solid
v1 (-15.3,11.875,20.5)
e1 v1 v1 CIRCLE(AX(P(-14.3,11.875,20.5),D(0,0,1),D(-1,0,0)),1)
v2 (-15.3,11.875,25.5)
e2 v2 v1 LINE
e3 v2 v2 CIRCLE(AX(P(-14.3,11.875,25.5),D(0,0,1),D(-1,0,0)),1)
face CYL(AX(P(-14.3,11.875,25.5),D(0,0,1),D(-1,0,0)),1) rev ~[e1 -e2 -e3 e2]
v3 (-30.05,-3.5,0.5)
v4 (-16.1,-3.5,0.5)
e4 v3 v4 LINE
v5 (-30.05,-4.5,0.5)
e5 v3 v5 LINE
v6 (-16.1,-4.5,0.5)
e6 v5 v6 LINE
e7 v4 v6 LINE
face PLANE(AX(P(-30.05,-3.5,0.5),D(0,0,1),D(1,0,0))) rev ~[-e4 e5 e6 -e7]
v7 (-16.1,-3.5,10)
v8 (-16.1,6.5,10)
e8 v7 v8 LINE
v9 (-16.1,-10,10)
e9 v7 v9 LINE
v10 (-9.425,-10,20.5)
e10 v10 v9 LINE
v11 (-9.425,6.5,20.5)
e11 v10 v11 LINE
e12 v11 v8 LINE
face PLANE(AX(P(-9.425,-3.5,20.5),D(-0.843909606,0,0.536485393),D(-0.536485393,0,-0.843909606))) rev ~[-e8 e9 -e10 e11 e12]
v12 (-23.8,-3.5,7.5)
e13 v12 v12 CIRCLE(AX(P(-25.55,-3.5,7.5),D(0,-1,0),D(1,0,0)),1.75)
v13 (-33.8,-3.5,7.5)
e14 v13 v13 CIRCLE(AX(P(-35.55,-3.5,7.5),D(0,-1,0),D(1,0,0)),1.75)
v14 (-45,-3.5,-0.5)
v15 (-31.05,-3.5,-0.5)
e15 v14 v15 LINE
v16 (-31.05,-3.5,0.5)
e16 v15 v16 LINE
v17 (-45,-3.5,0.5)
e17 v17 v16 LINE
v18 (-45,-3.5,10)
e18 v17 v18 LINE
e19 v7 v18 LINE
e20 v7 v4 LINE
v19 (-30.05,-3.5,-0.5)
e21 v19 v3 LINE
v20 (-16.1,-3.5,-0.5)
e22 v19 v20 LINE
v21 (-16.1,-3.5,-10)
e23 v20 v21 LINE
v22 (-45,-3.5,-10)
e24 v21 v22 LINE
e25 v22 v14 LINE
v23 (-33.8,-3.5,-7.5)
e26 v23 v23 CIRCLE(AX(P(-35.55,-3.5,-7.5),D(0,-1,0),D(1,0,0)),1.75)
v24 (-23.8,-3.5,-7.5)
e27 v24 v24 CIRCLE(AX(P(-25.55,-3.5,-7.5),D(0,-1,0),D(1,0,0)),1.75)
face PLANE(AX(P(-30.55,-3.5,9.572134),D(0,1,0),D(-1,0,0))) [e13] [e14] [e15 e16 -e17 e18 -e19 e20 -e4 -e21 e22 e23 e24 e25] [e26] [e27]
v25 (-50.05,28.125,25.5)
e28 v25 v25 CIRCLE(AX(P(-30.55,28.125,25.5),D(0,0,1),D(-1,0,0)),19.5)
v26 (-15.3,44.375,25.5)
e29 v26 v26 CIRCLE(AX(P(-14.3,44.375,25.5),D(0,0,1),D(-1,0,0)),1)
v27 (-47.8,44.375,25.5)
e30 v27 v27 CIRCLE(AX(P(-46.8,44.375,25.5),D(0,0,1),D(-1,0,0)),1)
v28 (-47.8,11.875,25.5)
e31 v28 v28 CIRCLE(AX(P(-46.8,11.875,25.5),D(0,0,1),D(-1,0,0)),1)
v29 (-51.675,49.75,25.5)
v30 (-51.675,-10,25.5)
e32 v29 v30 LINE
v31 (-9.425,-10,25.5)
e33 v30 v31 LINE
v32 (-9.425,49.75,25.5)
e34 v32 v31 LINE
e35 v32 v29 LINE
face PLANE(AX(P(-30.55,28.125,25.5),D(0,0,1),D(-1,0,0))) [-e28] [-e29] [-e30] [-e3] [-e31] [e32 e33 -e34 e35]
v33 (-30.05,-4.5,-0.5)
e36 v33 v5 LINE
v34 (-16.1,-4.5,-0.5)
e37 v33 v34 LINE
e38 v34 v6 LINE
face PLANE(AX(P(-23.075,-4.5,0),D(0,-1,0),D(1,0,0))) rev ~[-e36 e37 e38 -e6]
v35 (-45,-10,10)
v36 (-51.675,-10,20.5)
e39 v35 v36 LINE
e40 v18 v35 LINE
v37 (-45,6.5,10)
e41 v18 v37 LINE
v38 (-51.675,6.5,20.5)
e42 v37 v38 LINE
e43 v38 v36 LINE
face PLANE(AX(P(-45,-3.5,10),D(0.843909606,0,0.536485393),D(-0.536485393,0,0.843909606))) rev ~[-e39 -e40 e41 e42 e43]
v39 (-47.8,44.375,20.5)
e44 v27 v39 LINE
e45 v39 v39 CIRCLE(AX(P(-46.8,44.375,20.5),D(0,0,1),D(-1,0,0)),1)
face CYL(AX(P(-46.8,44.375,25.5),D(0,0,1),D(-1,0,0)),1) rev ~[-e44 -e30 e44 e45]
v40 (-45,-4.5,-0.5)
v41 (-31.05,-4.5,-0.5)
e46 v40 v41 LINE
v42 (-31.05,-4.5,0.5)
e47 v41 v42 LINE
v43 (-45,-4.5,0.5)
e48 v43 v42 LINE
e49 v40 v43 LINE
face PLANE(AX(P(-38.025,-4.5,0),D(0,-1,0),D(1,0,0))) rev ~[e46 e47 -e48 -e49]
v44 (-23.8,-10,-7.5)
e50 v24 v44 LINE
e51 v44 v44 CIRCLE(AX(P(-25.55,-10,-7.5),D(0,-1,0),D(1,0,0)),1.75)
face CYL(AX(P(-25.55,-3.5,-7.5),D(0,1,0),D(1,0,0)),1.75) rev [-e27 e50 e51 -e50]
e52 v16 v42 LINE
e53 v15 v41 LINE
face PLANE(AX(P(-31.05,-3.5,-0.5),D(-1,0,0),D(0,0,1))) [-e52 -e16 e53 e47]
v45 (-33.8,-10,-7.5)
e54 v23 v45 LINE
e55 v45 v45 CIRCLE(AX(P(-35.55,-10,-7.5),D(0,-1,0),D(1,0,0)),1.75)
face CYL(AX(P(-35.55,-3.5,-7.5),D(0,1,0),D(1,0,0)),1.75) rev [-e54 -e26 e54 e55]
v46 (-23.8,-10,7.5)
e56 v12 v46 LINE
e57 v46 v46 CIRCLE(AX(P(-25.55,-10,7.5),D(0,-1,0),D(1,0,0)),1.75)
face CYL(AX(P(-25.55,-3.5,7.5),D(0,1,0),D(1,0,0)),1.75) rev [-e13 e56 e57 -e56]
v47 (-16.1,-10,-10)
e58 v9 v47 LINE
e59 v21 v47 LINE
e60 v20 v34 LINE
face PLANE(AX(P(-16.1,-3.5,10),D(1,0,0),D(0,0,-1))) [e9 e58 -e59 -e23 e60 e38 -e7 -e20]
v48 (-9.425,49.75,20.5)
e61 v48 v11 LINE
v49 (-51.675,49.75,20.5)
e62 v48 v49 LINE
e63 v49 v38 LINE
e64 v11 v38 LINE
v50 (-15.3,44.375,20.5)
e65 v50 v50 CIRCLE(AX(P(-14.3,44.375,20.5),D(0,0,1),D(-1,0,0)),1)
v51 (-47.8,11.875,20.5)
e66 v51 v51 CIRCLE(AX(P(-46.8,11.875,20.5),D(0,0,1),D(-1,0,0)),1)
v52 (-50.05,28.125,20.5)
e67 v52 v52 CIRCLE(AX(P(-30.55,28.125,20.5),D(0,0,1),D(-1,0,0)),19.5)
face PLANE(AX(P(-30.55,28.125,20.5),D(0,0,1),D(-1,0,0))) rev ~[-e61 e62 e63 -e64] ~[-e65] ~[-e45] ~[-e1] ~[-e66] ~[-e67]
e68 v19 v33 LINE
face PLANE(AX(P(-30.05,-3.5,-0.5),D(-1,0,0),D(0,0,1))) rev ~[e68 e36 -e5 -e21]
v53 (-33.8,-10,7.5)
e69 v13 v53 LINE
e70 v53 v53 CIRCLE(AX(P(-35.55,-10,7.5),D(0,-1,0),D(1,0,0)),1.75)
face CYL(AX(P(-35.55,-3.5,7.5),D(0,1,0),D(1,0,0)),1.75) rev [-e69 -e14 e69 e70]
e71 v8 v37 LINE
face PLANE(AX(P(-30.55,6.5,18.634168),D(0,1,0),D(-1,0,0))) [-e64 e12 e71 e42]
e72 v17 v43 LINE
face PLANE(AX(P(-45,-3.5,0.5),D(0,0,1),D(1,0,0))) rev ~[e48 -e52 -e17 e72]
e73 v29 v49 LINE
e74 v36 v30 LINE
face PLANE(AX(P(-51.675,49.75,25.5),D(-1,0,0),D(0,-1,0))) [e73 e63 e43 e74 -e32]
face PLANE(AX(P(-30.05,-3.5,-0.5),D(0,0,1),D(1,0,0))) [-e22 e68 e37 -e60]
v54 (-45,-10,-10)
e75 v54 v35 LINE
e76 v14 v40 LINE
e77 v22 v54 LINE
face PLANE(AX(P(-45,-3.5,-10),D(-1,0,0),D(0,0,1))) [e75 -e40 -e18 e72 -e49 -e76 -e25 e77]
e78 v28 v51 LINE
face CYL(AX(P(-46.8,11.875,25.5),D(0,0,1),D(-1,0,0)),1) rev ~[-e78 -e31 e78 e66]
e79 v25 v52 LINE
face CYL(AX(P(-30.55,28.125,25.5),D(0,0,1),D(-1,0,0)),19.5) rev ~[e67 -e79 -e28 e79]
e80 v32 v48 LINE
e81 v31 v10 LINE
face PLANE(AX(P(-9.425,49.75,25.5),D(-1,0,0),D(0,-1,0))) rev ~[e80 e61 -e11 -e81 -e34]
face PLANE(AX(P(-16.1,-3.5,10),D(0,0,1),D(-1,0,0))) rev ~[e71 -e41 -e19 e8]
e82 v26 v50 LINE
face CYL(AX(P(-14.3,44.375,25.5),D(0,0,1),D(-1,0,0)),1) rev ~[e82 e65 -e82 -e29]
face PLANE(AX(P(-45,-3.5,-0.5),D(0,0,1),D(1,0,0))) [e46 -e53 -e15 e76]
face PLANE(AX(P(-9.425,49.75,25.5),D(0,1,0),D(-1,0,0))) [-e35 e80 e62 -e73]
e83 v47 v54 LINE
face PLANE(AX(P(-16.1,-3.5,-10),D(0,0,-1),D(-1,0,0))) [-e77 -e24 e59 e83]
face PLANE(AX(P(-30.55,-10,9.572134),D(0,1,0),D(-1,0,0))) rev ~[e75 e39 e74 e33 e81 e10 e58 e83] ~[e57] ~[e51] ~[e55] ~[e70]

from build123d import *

# Parameters (mm, degrees)
SKETCH010_R     = 1.75
PAD005_DEPTH    = 6.5
PAD006_DEPTH    = 10
SKETCH012_R     = 3
POCKET004_DEPTH = 14.45
SKETCH013_W     = 42.25
SKETCH013_H     = 43.25
SKETCH013_R     = 19.5
SKETCH013_R_2   = 1
PAD007_DEPTH    = 5
SKETCH054_W     = 13.95
SKETCH054_H     = 1
POCKET023_DEPTH = 1


with BuildPart() as part:
    # Sketch010 → Pad005 (new body)
    with BuildSketch(Plane.XZ):
        Polygon((14.45, 10), (14.45, -10), (-14.45, -10), (-14.45, 10), (-21.125, 20.5), (-21.125, 25.5), (21.125, 25.5), (21.125, 20.5), align=None)
        with Locations((-5, 7.5)):
            Circle(SKETCH010_R, mode=Mode.SUBTRACT)
        with Locations((5, 7.5)):
            Circle(SKETCH010_R, mode=Mode.SUBTRACT)
        with Locations((-5, -7.5)):
            Circle(SKETCH010_R, mode=Mode.SUBTRACT)
        with Locations((5, -7.5)):
            Circle(SKETCH010_R, mode=Mode.SUBTRACT)
    extrude(amount=PAD005_DEPTH)

    # Sketch011 → Pad006 (join)
    with BuildSketch(Plane.XZ):
        Polygon((-21.125, 25.5), (21.125, 25.5), (21.125, 20.5), (14.45, 10), (-14.45, 10), (-21.125, 20.5), align=None)
    extrude(amount=-PAD006_DEPTH)

    # Sketch012 → Pocket004 (cut, symmetric)
    with BuildSketch(Plane.YZ):
        with Locations((5, -14.5)):
            Circle(SKETCH012_R)
    extrude(amount=POCKET004_DEPTH, both=True, mode=Mode.SUBTRACT)

    # Sketch013 (on Face9 of Pocket004) → Pad007 (join)
    with BuildSketch(Plane(origin=(0, 0, 25.5), x_dir=(-1, 0, 0), z_dir=(0, 0, 1))):
        with Locations((0, -31.625)):
            Rectangle(SKETCH013_W, SKETCH013_H)
        with Locations((0, -31.625)):
            Circle(SKETCH013_R, mode=Mode.SUBTRACT)
        with Locations((-16.25, -15.375)):
            Circle(SKETCH013_R_2, mode=Mode.SUBTRACT)
        with Locations((16.25, -15.375)):
            Circle(SKETCH013_R_2, mode=Mode.SUBTRACT)
        with Locations((16.25, -47.875)):
            Circle(SKETCH013_R_2, mode=Mode.SUBTRACT)
        with Locations((-16.25, -47.875)):
            Circle(SKETCH013_R_2, mode=Mode.SUBTRACT)
    extrude(amount=-PAD007_DEPTH)

    # Sketch054 → Pocket023 (cut)
    with BuildSketch(Plane.XZ):
        with Locations((-7.475, 0)):
            Rectangle(SKETCH054_W, SKETCH054_H)
        with Locations((7.475, 0)):
            Rectangle(SKETCH054_W, SKETCH054_H)
    extrude(amount=POCKET023_DEPTH, mode=Mode.SUBTRACT)


with BuildPart() as part_1:
    # Body003 placement: moved
    add(part.part.moved(Location((-30.55, -3.5, 0))))


solid = part_1.part
